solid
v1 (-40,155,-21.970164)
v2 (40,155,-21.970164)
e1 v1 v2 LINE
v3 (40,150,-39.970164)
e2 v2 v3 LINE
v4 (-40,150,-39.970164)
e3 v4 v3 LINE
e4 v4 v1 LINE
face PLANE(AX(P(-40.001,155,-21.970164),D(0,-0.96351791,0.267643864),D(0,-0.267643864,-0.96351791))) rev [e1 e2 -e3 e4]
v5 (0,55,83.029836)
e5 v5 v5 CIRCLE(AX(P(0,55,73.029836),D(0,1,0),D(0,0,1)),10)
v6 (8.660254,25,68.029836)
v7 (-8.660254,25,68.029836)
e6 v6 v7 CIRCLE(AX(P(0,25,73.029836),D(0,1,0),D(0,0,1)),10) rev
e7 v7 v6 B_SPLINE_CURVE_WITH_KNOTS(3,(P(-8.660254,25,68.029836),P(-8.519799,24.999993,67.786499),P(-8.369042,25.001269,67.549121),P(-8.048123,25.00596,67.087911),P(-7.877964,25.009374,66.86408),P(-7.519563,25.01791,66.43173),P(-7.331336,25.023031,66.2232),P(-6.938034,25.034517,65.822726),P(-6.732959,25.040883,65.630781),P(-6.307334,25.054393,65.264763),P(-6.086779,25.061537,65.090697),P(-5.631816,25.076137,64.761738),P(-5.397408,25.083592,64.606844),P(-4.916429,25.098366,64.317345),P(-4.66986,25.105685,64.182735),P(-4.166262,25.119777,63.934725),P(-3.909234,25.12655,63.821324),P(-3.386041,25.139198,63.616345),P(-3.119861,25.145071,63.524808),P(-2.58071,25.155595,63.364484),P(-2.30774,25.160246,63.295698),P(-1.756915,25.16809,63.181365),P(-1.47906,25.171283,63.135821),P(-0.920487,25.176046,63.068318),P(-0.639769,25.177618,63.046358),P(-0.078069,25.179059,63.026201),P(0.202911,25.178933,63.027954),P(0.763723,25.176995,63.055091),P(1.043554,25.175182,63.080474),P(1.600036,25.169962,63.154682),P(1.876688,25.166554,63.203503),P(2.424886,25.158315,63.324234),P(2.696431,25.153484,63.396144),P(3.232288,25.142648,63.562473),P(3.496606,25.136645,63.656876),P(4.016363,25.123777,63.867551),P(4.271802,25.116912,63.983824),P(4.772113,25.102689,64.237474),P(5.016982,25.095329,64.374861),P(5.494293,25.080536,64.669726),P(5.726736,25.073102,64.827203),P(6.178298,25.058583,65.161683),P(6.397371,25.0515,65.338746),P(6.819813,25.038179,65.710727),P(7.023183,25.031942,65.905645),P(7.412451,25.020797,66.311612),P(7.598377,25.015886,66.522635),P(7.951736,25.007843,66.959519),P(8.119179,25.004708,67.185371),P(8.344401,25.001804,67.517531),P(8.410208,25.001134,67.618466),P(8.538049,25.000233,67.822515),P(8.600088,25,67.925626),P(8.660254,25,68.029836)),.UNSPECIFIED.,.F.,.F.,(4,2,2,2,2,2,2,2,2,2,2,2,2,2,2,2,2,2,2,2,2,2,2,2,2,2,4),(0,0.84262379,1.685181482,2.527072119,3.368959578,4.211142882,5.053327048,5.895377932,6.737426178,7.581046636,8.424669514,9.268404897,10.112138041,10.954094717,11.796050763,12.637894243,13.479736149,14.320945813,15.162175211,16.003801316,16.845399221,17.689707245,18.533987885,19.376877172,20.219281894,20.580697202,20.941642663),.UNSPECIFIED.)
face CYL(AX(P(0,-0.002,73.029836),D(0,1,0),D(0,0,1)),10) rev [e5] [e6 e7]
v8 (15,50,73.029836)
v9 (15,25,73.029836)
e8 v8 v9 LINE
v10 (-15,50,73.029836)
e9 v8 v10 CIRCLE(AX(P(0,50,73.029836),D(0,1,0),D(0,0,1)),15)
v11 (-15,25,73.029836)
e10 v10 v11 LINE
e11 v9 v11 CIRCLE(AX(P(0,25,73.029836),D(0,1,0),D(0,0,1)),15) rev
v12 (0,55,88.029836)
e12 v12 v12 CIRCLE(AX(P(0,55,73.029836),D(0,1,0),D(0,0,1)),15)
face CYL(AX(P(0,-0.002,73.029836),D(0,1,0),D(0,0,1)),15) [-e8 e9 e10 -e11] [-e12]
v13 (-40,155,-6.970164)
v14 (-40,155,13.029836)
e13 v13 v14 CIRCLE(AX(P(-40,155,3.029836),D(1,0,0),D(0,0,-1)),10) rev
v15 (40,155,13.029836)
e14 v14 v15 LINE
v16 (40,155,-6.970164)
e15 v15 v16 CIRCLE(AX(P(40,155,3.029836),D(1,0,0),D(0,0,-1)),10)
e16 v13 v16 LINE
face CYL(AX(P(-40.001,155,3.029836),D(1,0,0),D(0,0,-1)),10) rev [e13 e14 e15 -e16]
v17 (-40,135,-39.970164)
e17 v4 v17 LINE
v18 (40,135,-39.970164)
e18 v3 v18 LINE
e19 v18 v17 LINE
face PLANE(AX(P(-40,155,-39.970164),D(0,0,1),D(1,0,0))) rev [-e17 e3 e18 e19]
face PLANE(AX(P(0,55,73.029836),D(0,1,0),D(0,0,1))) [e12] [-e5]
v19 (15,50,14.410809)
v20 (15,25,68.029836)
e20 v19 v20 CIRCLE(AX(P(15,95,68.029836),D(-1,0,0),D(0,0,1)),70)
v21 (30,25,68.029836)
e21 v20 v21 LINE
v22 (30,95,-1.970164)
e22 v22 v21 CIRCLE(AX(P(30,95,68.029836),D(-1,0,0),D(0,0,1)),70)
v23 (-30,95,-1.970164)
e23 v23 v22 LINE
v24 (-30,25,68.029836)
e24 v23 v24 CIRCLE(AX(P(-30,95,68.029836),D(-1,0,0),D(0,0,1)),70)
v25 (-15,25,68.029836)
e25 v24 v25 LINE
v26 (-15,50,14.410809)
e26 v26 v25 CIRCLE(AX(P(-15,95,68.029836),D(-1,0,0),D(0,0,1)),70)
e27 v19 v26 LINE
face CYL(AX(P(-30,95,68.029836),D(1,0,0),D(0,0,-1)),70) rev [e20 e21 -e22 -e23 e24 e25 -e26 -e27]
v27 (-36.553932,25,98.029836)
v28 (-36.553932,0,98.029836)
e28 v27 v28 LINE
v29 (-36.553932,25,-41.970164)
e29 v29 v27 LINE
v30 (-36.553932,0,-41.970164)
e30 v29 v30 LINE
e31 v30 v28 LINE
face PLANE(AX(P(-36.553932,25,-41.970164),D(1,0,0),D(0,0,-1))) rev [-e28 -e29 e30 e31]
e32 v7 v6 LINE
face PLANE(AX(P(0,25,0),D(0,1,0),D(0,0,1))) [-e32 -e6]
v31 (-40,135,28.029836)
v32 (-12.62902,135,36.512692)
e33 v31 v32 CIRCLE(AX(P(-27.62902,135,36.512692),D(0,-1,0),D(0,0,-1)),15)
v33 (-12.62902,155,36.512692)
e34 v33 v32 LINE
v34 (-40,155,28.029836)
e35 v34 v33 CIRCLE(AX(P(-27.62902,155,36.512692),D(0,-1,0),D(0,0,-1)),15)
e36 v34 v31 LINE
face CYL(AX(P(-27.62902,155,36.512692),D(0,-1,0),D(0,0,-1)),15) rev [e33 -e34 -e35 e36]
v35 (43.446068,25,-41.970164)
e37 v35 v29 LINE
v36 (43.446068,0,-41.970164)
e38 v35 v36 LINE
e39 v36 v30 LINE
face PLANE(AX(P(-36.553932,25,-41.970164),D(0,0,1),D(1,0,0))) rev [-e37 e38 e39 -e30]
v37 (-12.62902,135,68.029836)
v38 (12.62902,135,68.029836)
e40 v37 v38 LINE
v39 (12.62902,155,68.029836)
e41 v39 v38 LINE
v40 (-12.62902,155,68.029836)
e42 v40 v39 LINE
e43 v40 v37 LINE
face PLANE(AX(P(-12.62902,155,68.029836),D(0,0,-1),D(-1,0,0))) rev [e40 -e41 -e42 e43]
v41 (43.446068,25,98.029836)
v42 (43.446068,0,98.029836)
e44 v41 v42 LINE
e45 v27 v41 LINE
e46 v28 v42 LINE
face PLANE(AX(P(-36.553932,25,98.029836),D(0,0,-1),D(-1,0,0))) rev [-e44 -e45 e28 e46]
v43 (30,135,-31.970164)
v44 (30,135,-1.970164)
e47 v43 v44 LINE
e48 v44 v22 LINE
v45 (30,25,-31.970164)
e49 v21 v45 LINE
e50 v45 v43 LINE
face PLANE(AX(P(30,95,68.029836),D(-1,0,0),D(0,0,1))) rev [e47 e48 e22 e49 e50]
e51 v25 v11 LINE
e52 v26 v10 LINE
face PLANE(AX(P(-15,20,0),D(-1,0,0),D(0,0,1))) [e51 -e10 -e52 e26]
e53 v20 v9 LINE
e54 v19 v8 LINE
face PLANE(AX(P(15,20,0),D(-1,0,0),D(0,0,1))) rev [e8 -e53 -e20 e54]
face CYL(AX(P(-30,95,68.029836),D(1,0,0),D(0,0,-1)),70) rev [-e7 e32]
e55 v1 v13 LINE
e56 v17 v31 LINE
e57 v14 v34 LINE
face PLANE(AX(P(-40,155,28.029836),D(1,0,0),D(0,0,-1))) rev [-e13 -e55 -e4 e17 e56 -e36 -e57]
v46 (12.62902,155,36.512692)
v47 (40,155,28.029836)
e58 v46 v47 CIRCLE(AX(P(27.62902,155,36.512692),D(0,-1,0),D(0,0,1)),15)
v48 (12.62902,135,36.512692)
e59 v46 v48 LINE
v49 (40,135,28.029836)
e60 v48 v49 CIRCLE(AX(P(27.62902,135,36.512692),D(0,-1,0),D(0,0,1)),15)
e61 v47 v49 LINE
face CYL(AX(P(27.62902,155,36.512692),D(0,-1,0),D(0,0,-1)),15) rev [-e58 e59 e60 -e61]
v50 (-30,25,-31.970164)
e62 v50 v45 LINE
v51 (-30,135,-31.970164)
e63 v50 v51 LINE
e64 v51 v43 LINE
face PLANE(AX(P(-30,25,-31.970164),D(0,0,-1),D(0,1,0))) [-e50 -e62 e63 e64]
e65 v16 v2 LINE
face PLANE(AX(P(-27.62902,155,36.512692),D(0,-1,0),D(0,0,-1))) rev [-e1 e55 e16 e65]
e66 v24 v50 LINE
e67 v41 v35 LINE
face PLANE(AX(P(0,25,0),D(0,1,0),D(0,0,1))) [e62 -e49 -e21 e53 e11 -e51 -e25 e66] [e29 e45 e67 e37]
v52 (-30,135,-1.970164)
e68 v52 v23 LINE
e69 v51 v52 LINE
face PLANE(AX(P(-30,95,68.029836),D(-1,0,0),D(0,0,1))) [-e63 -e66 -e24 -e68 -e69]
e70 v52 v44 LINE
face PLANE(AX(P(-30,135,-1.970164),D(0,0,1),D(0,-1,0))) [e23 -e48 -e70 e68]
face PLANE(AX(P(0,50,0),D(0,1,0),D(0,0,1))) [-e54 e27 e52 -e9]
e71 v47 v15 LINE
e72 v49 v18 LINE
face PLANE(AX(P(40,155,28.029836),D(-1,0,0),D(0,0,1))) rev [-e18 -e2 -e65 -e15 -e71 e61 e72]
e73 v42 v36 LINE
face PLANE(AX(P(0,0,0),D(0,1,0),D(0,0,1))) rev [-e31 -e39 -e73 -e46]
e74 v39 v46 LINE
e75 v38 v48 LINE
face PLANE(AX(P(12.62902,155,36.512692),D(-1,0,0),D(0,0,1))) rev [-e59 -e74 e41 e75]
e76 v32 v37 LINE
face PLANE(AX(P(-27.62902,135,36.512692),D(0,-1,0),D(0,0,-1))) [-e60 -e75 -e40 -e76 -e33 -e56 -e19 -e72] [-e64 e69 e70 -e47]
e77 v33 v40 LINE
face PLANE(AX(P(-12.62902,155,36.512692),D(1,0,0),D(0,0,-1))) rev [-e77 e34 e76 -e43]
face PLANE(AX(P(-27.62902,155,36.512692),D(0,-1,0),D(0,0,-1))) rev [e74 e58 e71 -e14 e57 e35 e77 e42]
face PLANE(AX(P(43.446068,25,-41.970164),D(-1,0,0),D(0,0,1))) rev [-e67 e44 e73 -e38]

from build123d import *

# Parameters (mm, degrees)
SKETCH1_W                = 80
SKETCH1_H                = 140
BOSS_EXTRUDE1_DEPTH      = 25
BOSS_EXTRUDE2_DEPTH      = 30
BOSS_EXTRUDE2_DEPTH_BACK = 30
BOSS_EXTRUDE3_REACH      = 135.781
SKETCH3_R                = 15
SKETCH3_R_2              = 10
BOSS_EXTRUDE7_DEPTH      = 30
BOSS_EXTRUDE8_DEPTH      = 20
CUT_EXTRUDE1_REACH       = 202.087


with BuildPart() as part:
    # Sketch1 → Boss-Extrude1 (new body)
    with BuildSketch(Plane(origin=(0, 0, 0), x_dir=(1, 0, 0), z_dir=(0, 1, 0))):
        with Locations((3.446067736, -28.029835879)):
            Rectangle(SKETCH1_W, SKETCH1_H)
    extrude(amount=BOSS_EXTRUDE1_DEPTH)

    # Sketch2 → Boss-Extrude2 (add, two sides: drawn at the far end of the back side and taken through both)
    with BuildSketch(Plane(origin=(0, 0, 0), x_dir=(0, 0, -1), z_dir=(1, 0, 0)).offset(-BOSS_EXTRUDE2_DEPTH_BACK)):
        with BuildLine():
            Line((31.970164121, 25), (31.970164121, 135))
            Line((31.970164121, 135), (1.970164121, 135))
            Line((1.970164121, 135), (1.970164121, 95))
            ThreePointArc((1.970164121, 95), (-18.532361196, 45.502525317), (-68.029835879, 25))
            Line((-68.029835879, 25), (31.970164121, 25))
        make_face()
    extrude(amount=BOSS_EXTRUDE2_DEPTH + BOSS_EXTRUDE2_DEPTH_BACK)

    # Sketch3 → Boss-Extrude3 (add, up to next)
    with BuildSketch(Plane(origin=(0, 55, 0), x_dir=(1, 0, 0), z_dir=(0, 1, 0)), mode=Mode.PRIVATE) as boss_extrude3_sk1:
        with Locations(Location((0, -73.029835879, 0), (0, 0, 270))):
            Circle(SKETCH3_R)
        with Locations(Location((0, -73.029835879, 0), (0, 0, 270))):
            Circle(SKETCH3_R_2, mode=Mode.SUBTRACT)
    boss_extrude3_tool1 = extrude(boss_extrude3_sk1.sketch, amount=-BOSS_EXTRUDE3_REACH, mode=Mode.PRIVATE) - part.part
    add(boss_extrude3_tool1.solids().sort_by_distance((0, 55, 58.4541))[0])

    # Sketch4 → Boss-Extrude7 (add)
    with BuildSketch(Plane(origin=(0, 50, 0), x_dir=(1, 0, 0), z_dir=(0, 1, 0))):
        with BuildLine():
            ThreePointArc((-15, -73.029835859), (6e-09, -58.029835879), (15, -73.029835871))
            Line((15, -73.029835871), (15, -7.547322413))
            Line((15, -7.547322413), (-15, -7.547322413))
            Line((-15, -7.547322413), (-15, -73.029835859))
        make_face()
    extrude(amount=-BOSS_EXTRUDE7_DEPTH)

    # Sketch7 → Boss-Extrude8 (add)
    with BuildSketch(Plane(origin=(0, 135, 0), x_dir=(1, 0, 0), z_dir=(0, 1, 0))):
        with BuildLine():
            Line((12.629019998, -36.512692343), (12.629019998, -68.029835879))
            Line((12.629019998, -68.029835879), (-12.629019998, -68.029835879))
            Line((-12.629019998, -68.029835879), (-12.629019998, -36.512692343))
            ThreePointArc((-12.629019998, -36.512692343), (-23.188563942, -22.185014582), (-40, -28.029835879))
            Line((-40, -28.029835879), (-40, 39.970164121))
            Line((-40, 39.970164121), (40, 39.970164121))
            Line((40, 39.970164121), (40, -28.029835879))
            ThreePointArc((40, -28.029835879), (23.188563942, -22.185014582), (12.629019998, -36.512692343))
        make_face()
    extrude(amount=BOSS_EXTRUDE8_DEPTH)

    # Sketch8 → Cut-Extrude1 (cut, up to next)
    with BuildSketch(Plane(origin=(40, 0, 0), x_dir=(0, 0, -1), z_dir=(1, 0, 0)), mode=Mode.PRIVATE) as cut_extrude1_sk1:
        Polygon((21.970164121, 155), (39.970164121, 155), (39.970164121, 150), align=None)
    cut_extrude1_tool1 = extrude(cut_extrude1_sk1.sketch, amount=-CUT_EXTRUDE1_REACH, mode=Mode.PRIVATE) & part.part
    # Sketch8 → Cut-Extrude1 (cut, up to next)
    with BuildSketch(Plane(origin=(40, 0, 0), x_dir=(0, 0, -1), z_dir=(1, 0, 0)), mode=Mode.PRIVATE) as cut_extrude1_sk2:
        with BuildLine():
            Line((-13.029835879, 155), (6.970164121, 155))
            ThreePointArc((6.970164121, 155), (-3.029835879, 145), (-13.029835879, 155))
        make_face()
    cut_extrude1_tool2 = extrude(cut_extrude1_sk2.sketch, amount=-CUT_EXTRUDE1_REACH, mode=Mode.PRIVATE) & part.part
    add(cut_extrude1_tool1.solids().sort_by_distance((40, 153.333333, -33.970164))[0], mode=Mode.SUBTRACT)
    add(cut_extrude1_tool2.solids().sort_by_distance((40, 150.755868, 3.029836))[0], mode=Mode.SUBTRACT)


solid = part.part
